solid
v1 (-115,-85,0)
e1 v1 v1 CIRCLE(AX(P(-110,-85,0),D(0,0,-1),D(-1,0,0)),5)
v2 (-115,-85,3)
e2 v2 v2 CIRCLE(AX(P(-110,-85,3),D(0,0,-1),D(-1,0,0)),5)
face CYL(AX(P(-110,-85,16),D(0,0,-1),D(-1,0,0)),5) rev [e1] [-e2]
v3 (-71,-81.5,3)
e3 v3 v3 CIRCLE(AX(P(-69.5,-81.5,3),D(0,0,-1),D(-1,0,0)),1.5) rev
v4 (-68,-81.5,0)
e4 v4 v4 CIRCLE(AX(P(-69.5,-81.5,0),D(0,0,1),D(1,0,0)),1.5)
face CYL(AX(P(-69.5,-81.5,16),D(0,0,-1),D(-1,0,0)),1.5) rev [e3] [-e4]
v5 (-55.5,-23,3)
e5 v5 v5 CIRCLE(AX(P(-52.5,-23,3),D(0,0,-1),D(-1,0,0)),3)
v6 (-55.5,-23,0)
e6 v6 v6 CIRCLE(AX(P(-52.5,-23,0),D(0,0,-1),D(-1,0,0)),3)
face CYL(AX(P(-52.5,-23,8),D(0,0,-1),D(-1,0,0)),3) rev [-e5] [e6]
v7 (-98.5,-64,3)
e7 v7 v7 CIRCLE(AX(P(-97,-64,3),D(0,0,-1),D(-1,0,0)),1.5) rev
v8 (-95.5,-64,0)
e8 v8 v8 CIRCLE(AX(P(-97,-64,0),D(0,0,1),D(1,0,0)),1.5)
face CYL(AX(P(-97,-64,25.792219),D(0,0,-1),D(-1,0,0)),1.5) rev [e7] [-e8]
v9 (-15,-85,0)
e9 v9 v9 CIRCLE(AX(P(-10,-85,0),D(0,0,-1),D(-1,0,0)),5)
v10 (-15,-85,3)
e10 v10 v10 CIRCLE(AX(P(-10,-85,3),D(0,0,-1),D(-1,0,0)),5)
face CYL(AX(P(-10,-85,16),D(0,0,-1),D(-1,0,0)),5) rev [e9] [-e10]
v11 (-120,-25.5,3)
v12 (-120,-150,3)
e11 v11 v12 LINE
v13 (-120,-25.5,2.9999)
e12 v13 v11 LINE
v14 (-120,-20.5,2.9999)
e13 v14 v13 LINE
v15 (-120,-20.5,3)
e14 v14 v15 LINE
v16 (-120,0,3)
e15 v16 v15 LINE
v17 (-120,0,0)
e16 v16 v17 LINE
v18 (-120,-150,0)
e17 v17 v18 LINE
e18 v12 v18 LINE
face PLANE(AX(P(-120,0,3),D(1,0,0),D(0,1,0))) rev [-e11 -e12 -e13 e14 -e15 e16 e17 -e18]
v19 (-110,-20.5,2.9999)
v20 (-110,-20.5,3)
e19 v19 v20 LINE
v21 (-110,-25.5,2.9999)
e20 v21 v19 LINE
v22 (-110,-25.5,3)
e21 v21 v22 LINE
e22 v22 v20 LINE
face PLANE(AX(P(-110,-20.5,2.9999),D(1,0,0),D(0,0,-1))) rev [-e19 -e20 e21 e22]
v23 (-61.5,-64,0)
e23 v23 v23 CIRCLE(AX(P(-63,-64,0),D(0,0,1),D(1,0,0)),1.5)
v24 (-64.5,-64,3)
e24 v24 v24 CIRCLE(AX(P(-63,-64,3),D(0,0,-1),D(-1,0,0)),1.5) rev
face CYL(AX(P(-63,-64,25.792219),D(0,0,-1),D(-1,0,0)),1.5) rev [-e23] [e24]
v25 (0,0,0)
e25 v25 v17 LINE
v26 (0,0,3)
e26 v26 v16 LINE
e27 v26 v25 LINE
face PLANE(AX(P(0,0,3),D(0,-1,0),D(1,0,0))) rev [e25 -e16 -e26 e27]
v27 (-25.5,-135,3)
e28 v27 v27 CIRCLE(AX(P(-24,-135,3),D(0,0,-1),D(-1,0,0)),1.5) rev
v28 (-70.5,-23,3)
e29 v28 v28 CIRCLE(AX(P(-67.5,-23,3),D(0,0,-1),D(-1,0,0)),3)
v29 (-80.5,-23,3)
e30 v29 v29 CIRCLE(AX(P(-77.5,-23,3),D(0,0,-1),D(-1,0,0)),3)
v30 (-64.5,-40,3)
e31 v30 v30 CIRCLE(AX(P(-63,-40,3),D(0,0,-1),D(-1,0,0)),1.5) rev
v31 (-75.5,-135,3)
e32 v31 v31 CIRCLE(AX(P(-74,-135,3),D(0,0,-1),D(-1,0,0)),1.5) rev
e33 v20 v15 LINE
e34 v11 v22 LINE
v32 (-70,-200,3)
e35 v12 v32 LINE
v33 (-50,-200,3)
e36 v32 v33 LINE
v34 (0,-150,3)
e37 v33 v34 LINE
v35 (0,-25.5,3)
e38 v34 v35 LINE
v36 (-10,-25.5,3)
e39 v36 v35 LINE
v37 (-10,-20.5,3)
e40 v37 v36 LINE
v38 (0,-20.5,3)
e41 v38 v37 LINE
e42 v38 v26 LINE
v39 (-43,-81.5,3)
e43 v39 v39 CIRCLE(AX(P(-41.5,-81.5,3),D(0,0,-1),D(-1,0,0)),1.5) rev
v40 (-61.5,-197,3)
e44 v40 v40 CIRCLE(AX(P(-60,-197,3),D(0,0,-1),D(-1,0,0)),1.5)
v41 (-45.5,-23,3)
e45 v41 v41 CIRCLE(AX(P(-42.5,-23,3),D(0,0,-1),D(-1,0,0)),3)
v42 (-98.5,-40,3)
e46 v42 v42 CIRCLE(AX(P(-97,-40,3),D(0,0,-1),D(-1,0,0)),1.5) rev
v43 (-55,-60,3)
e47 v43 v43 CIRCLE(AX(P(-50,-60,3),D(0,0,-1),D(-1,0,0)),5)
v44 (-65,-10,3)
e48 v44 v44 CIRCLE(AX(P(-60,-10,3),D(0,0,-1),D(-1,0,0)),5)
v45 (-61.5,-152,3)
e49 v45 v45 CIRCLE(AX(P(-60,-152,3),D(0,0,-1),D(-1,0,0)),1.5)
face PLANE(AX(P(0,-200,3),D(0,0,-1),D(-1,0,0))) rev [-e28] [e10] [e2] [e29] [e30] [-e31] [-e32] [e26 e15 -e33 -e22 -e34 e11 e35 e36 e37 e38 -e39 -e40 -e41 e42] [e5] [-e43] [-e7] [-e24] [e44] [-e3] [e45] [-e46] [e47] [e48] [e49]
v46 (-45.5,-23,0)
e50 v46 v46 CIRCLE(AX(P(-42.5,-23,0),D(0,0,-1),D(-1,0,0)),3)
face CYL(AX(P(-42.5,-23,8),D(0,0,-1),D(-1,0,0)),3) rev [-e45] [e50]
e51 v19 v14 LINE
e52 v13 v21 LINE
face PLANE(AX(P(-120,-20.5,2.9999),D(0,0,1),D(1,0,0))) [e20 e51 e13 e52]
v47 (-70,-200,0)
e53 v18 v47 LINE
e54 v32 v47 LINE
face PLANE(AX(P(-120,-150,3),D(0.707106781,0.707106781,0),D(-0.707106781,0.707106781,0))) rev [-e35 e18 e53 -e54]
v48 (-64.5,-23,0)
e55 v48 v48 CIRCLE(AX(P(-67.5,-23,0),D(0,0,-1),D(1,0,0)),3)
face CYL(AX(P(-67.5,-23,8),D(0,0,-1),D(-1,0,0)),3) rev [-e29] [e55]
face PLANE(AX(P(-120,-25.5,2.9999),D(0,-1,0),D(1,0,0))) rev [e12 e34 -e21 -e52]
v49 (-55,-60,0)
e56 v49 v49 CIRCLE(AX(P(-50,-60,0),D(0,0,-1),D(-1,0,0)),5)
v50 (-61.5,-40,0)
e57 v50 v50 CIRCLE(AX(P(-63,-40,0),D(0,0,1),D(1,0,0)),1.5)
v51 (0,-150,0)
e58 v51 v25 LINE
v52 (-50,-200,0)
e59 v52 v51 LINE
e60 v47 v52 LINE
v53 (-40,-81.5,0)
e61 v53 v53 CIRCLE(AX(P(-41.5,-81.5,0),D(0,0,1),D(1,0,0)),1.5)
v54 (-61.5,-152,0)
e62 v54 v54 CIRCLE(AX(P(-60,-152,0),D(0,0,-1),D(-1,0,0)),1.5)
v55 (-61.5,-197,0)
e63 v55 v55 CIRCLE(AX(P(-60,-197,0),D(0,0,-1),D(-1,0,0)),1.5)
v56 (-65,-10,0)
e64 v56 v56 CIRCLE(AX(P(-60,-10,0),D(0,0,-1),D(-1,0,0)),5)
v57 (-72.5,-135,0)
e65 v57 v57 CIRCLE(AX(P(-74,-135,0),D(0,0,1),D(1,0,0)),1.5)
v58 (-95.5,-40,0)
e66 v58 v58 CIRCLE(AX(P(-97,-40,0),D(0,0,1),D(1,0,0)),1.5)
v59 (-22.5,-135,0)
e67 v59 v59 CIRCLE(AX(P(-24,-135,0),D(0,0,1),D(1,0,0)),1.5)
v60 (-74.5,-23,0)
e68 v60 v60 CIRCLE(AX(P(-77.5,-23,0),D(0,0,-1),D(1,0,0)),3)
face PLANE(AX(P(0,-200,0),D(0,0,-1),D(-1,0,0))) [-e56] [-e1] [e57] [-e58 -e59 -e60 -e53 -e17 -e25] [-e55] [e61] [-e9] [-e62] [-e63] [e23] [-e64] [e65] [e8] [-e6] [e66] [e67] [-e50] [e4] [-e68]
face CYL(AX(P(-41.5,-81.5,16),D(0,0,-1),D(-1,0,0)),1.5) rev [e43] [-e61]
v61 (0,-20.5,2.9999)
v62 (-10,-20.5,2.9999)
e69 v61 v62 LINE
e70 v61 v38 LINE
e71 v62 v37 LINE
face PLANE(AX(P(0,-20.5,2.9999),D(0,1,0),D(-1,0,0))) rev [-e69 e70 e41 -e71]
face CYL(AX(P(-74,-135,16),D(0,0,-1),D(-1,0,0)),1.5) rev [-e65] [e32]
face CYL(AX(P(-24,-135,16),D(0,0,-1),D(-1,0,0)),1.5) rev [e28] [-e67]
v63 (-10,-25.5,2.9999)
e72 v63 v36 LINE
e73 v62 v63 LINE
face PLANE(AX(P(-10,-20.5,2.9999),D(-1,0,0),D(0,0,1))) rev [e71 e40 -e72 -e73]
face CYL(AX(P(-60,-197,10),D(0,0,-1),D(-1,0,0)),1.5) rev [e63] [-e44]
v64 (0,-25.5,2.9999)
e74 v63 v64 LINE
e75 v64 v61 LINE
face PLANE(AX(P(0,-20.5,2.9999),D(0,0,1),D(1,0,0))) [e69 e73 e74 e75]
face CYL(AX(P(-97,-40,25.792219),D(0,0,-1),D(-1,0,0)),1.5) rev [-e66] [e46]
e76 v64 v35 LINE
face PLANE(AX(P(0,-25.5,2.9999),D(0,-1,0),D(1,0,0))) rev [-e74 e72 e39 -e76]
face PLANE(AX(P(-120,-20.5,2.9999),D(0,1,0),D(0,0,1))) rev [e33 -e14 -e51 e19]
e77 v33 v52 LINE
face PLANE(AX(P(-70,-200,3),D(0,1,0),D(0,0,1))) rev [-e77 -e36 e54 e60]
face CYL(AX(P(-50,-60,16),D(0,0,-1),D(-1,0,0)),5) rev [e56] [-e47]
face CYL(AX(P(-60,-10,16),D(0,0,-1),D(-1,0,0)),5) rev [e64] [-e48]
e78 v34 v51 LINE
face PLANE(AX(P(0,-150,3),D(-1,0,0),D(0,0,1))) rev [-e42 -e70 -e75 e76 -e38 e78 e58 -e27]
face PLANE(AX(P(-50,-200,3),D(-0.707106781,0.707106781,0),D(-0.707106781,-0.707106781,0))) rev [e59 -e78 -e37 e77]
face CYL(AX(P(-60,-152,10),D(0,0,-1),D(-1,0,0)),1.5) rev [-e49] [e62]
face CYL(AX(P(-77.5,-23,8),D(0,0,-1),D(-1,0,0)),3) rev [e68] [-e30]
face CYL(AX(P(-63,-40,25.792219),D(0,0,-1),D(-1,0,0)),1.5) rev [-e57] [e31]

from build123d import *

# Parameters (mm, degrees)
EXTRUSION1_DEPTH        = 3
ESQUISSE2_R             = 1.5
ENL_V_MAT_EXTRU_1_DEPTH = 16
ESQUISSE3_R             = 5
ENL_V_MAT_EXTRU_2_DEPTH = 16
ESQUISSE4_R             = 5
ENL_V_MAT_EXTRU_3_DEPTH = 16
ESQUISSE5_R             = 1.5
ENL_V_MAT_EXTRU_4_DEPTH = 25.792218749
ESQUISSE8_R             = 3
ENL_V_MAT_EXTRU_5_DEPTH = 8
ESQUISSE9_R             = 1.5
ENL_V_MAT_EXTRU_6_DEPTH = 10
ESQUISSE11_W            = 10
ESQUISSE11_H            = 5
ENL_V_MAT_EXTRU_9_DEPTH = 0.0001


with BuildPart() as part:
    # Esquisse1 → Extrusion1 (new body)
    with BuildSketch(Plane.XY):
        Polygon((0, 0), (-120, 0), (-120, -150), (-70, -200), (-50, -200), (0, -150), align=None)
    extrude(amount=EXTRUSION1_DEPTH)

    # Esquisse2 → Enlèv. mat.-Extru.1 (cut)
    with BuildSketch(Plane.XY):
        with Locations(Location((-69.5, -81.5, 0), (0, 0, 180))):
            Circle(ESQUISSE2_R)
        with Locations(Location((-41.5, -81.5, 0), (0, 0, 180))):
            Circle(ESQUISSE2_R)
        with Locations(Location((-74, -135, 0), (0, 0, 180))):
            Circle(ESQUISSE2_R)
        with Locations(Location((-24, -135, 0), (0, 0, 180))):
            Circle(ESQUISSE2_R)
    extrude(amount=ENL_V_MAT_EXTRU_1_DEPTH, mode=Mode.SUBTRACT)

    # Esquisse3 → Enlèv. mat.-Extru.2 (cut)
    with BuildSketch(Plane(origin=(0, 0, 0), x_dir=(-1, 0, 0), z_dir=(0, 0, -1))):
        with Locations((50, -60)):
            Circle(ESQUISSE3_R)
    extrude(amount=-ENL_V_MAT_EXTRU_2_DEPTH, mode=Mode.SUBTRACT)

    # Esquisse4 → Enlèv. mat.-Extru.3 (cut)
    with BuildSketch(Plane(origin=(0, 0, 0), x_dir=(-1, 0, 0), z_dir=(0, 0, -1))):
        with Locations((60, -10)):
            Circle(ESQUISSE4_R)
        with Locations((10, -85)):
            Circle(ESQUISSE4_R)
        with Locations((110, -85)):
            Circle(ESQUISSE4_R)
    extrude(amount=-ENL_V_MAT_EXTRU_3_DEPTH, mode=Mode.SUBTRACT)

    # Esquisse5 → Enlèv. mat.-Extru.4 (cut)
    with BuildSketch(Plane.XY):
        with Locations(Location((-97, -40, 0), (0, 0, 180))):
            Circle(ESQUISSE5_R)
        with Locations(Location((-63, -40, 0), (0, 0, 180))):
            Circle(ESQUISSE5_R)
        with Locations(Location((-63, -64, 0), (0, 0, 180))):
            Circle(ESQUISSE5_R)
        with Locations(Location((-97, -64, 0), (0, 0, 180))):
            Circle(ESQUISSE5_R)
    extrude(amount=ENL_V_MAT_EXTRU_4_DEPTH, mode=Mode.SUBTRACT)

    # Esquisse8 → Enlèv. mat.-Extru.5 (cut)
    with BuildSketch(Plane(origin=(0, 0, 0), x_dir=(-1, 0, 0), z_dir=(0, 0, -1))):
        with Locations((52.5, -23)):
            Circle(ESQUISSE8_R)
        with Locations((42.5, -23)):
            Circle(ESQUISSE8_R)
        with Locations((67.5, -23)):
            Circle(ESQUISSE8_R)
        with Locations((77.5, -23)):
            Circle(ESQUISSE8_R)
    extrude(amount=-ENL_V_MAT_EXTRU_5_DEPTH, mode=Mode.SUBTRACT)

    # Esquisse9 → Enlèv. mat.-Extru.6 (cut)
    with BuildSketch(Plane(origin=(0, 0, 0), x_dir=(-1, 0, 0), z_dir=(0, 0, -1))):
        with Locations((60, -152)):
            Circle(ESQUISSE9_R)
        with Locations((60, -197)):
            Circle(ESQUISSE9_R)
    extrude(amount=-ENL_V_MAT_EXTRU_6_DEPTH, mode=Mode.SUBTRACT)

    # Esquisse11 → Enlèv. mat.-Extru.9 (cut)
    with BuildSketch(Plane.XY.offset(3)):
        with Locations((-115, -23)):
            Rectangle(ESQUISSE11_W, ESQUISSE11_H)
        with Locations((-5, -23)):
            Rectangle(ESQUISSE11_W, ESQUISSE11_H)
    extrude(amount=-ENL_V_MAT_EXTRU_9_DEPTH, mode=Mode.SUBTRACT)


solid = part.part
